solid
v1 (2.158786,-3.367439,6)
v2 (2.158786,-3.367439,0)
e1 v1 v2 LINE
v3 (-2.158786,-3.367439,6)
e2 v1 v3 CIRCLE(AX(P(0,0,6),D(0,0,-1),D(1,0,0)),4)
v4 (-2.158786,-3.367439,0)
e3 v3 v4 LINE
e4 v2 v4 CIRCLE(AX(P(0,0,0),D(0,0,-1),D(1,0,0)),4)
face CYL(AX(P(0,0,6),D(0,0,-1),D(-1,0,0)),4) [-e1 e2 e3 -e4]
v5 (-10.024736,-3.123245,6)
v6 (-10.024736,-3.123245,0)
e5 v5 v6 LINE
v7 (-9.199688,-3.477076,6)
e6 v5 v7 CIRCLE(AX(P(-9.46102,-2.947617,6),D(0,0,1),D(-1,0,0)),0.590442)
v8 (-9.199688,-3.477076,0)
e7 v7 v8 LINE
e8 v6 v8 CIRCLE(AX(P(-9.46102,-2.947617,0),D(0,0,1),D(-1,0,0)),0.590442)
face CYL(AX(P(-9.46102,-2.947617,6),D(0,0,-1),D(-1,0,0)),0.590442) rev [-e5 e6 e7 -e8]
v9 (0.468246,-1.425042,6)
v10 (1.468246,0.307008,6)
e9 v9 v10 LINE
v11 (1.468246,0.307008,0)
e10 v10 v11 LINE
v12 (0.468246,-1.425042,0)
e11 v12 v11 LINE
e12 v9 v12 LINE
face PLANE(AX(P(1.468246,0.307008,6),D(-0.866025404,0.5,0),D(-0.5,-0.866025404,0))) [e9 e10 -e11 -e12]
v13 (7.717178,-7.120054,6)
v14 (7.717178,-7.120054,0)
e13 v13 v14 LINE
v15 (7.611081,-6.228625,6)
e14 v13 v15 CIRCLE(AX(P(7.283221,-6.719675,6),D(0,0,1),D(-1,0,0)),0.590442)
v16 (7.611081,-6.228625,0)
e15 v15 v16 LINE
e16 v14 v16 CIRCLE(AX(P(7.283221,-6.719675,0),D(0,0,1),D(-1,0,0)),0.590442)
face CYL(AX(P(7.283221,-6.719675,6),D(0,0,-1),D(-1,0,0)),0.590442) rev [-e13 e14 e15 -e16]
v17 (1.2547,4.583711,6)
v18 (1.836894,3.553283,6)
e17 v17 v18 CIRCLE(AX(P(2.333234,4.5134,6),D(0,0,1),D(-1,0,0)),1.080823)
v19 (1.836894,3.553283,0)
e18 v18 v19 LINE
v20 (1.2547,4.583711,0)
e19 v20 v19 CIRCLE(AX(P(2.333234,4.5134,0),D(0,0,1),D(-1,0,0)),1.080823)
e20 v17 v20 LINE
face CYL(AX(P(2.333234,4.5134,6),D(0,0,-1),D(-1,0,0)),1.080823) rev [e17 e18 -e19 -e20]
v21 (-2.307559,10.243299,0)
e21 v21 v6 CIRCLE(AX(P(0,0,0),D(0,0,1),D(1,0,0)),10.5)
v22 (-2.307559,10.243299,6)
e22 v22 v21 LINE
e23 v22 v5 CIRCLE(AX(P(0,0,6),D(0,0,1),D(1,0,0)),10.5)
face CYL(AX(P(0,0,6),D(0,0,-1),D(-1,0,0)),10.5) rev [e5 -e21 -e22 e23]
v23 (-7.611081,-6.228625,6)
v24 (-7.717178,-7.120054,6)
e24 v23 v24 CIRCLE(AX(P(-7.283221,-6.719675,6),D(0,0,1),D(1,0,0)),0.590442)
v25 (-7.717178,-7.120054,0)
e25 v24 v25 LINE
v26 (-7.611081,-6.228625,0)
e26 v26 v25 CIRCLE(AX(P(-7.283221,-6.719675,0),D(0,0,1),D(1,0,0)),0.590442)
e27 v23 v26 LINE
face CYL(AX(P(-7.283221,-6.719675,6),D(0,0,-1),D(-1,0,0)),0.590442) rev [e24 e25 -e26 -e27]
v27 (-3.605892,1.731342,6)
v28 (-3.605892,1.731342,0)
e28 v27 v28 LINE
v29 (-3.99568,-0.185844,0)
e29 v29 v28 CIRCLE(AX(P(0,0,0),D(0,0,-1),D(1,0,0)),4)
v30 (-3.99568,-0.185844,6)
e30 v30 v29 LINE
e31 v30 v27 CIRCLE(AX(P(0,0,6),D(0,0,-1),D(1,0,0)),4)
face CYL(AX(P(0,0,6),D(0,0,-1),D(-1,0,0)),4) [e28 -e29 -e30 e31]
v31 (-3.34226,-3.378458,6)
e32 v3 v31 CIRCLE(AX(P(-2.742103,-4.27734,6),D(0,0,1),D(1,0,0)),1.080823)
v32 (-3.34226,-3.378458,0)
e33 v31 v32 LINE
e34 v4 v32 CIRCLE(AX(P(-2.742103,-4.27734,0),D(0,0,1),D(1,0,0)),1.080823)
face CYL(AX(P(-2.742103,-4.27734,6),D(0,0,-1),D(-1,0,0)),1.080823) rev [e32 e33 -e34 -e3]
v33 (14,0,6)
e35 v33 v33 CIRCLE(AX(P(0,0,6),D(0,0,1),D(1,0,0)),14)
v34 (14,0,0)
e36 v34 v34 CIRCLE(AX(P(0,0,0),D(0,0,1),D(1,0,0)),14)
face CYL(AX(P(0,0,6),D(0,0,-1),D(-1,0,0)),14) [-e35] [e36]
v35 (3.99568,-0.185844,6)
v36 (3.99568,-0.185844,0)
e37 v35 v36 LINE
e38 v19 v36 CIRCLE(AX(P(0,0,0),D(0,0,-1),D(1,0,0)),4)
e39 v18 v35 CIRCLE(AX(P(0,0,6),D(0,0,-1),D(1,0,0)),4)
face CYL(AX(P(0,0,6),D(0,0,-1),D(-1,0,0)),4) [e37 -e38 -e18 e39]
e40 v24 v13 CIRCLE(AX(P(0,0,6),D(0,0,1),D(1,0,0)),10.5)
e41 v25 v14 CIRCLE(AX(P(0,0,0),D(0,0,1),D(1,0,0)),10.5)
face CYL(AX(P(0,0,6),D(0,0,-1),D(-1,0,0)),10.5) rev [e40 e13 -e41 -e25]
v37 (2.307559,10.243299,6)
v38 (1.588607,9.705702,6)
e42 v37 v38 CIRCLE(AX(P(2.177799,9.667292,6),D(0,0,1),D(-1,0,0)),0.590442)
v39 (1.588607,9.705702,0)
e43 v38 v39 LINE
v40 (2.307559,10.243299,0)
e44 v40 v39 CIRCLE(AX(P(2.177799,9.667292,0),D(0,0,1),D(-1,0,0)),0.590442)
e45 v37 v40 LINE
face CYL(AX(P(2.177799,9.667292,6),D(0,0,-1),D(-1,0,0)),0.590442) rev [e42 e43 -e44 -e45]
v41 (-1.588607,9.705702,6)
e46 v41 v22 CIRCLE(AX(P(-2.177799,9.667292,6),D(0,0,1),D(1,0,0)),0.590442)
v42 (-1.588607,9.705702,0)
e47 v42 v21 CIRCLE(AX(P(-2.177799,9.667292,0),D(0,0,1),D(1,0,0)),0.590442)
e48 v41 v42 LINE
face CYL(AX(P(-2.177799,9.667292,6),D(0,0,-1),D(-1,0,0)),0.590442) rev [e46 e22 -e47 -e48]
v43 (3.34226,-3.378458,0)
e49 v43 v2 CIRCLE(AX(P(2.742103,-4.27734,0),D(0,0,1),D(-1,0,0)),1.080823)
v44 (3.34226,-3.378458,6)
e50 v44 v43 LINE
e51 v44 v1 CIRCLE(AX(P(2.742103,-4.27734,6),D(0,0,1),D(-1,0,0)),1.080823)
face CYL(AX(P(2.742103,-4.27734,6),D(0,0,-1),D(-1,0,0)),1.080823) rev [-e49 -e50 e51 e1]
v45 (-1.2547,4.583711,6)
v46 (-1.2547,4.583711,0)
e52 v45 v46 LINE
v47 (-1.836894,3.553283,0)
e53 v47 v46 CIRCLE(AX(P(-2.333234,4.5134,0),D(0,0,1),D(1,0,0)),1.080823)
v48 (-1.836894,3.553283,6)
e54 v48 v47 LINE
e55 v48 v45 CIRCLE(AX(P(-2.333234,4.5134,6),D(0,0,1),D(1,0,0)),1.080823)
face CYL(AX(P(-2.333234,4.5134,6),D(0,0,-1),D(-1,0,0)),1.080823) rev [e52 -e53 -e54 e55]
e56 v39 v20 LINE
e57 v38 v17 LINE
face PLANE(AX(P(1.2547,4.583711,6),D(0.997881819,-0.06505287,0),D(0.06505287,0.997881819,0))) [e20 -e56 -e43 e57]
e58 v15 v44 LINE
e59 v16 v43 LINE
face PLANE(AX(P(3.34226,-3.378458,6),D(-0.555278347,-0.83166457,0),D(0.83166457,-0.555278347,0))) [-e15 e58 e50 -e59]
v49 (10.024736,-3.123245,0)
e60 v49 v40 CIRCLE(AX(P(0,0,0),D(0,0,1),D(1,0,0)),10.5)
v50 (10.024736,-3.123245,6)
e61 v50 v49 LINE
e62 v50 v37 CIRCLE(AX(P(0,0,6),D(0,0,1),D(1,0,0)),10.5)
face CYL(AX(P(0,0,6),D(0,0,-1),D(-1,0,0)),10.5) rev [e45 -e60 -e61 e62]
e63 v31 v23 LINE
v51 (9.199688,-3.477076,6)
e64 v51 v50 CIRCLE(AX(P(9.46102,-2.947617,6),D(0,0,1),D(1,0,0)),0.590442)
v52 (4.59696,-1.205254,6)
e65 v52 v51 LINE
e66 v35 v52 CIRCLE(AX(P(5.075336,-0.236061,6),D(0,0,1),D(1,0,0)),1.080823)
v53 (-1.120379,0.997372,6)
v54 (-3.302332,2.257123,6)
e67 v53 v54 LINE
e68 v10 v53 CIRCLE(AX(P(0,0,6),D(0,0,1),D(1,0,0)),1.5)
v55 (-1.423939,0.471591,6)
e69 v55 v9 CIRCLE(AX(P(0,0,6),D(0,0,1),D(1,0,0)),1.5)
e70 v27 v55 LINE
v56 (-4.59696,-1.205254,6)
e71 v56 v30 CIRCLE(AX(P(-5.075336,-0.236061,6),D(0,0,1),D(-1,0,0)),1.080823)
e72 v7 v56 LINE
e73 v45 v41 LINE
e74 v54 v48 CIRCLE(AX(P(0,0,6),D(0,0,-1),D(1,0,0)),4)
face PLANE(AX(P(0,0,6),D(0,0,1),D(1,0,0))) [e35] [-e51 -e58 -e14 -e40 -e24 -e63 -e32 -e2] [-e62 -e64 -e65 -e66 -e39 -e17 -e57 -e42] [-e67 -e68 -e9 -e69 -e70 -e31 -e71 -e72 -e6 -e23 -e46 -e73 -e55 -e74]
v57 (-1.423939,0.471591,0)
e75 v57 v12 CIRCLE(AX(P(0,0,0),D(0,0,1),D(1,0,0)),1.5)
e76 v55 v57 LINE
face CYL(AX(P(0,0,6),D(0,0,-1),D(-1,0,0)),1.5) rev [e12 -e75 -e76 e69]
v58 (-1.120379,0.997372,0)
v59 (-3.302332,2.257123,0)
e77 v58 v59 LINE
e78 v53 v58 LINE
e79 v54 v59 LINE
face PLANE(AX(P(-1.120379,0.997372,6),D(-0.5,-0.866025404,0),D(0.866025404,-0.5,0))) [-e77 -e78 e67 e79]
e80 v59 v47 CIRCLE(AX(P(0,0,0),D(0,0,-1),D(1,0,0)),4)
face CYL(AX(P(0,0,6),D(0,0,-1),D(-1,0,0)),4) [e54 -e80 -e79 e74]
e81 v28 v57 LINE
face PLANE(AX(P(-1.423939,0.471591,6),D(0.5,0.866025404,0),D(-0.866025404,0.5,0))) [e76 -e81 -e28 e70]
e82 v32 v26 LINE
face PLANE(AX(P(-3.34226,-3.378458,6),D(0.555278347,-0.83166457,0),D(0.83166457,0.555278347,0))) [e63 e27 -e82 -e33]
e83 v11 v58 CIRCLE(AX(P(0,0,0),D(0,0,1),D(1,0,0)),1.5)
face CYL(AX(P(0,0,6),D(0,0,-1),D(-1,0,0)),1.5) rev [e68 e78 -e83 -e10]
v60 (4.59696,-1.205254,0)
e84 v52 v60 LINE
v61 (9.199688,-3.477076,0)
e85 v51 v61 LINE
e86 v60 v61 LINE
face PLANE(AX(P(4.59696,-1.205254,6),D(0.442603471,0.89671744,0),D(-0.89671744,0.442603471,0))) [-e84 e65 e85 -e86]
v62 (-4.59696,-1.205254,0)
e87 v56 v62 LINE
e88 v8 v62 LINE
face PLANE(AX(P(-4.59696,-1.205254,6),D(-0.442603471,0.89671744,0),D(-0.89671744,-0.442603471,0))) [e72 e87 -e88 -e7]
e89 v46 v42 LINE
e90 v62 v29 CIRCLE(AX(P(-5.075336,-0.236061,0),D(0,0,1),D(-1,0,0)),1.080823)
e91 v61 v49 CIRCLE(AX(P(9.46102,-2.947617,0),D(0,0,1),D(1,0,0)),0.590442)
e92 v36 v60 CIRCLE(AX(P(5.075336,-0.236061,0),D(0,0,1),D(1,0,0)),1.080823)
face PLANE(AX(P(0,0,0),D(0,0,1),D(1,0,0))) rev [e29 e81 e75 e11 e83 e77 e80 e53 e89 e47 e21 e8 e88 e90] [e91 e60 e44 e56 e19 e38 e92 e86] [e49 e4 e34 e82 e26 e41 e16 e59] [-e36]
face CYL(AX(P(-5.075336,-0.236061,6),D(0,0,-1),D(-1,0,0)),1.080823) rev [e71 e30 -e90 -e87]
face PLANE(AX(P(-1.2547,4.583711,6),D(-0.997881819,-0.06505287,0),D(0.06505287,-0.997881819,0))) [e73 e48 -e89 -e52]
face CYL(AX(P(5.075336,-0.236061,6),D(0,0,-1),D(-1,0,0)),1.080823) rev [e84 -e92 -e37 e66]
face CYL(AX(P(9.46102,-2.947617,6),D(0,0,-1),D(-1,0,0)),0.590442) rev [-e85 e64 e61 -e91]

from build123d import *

# Parameters (mm, degrees)
SKETCH_1_R      = 14
EXTRUDE_1_DEPTH = 6


with BuildPart() as part:
    # 草图1 → 凸台-拉伸1 (new body)
    with BuildSketch(Plane.XY):
        Circle(SKETCH_1_R)
        with BuildLine():
            Line((4.596960215, -1.205253518), (9.199687971, -3.477076493))
            ThreePointArc((9.199687971, -3.477076493), (9.69373922, -3.490261664), (10.024736471, -3.123244898))
            ThreePointArc((10.024736471, -3.123244898), (9.09326674, 5.25), (2.307558811, 10.243298899))
            ThreePointArc((2.307558811, 10.243298899), (1.824214343, 10.140155255), (1.588607412, 9.705701736))
            Line((1.588607412, 9.705701736), (1.254699943, 4.583711086))
            ThreePointArc((1.254699943, 4.583711086), (1.392222532, 3.981727051), (1.836894199, 3.553282947))
            ThreePointArc((1.836894199, 3.553282947), (3.464101615, 2), (3.995680398, -0.185844433))
            ThreePointArc((3.995680398, -0.185844433), (4.144388043, -0.785163445), (4.596960215, -1.205253518))
        make_face(mode=Mode.SUBTRACT)
        with BuildLine():
            Line((-1.254699943, 4.583711086), (-1.588607412, 9.705701736))
            ThreePointArc((-1.588607412, 9.705701736), (-1.824214343, 10.140155255), (-2.307558811, 10.243298899))
            ThreePointArc((-2.307558811, 10.243298899), (-9.09326674, 5.25), (-10.024736471, -3.123244898))
            ThreePointArc((-10.024736471, -3.123244898), (-9.69373922, -3.490261664), (-9.199687971, -3.477076493))
            Line((-9.199687971, -3.477076493), (-4.596960215, -1.205253518))
            ThreePointArc((-4.596960215, -1.205253518), (-4.144388043, -0.785163445), (-3.995680398, -0.185844433))
            ThreePointArc((-3.995680398, -0.185844433), (-3.919805533, 0.79694704), (-3.605891638, 1.731342108))
            Line((-3.605891638, 1.731342108), (-1.423938852, 0.471591079))
            ThreePointArc((-1.423938852, 0.471591079), (-1.061904855, -1.059414026), (0.468245837, -1.425042398))
            Line((0.468245837, -1.425042398), (1.468245837, 0.307008409))
            ThreePointArc((1.468245837, 0.307008409), (0.386527032, 1.449343594), (-1.120379281, 0.99737168))
            Line((-1.120379281, 0.99737168), (-3.302332067, 2.257122708))
            ThreePointArc((-3.302332067, 2.257122708), (-2.650079149, 2.996177649), (-1.836894199, 3.553282947))
            ThreePointArc((-1.836894199, 3.553282947), (-1.392222532, 3.981727051), (-1.254699943, 4.583711086))
        make_face(mode=Mode.SUBTRACT)
        with BuildLine():
            Line((3.342260273, -3.378457568), (7.611080559, -6.228625243))
            ThreePointArc((7.611080559, -6.228625243), (7.869524877, -6.649893591), (7.717177659, -7.120054001))
            ThreePointArc((7.717177659, -7.120054001), (0, -10.5), (-7.717177659, -7.120054001))
            ThreePointArc((-7.717177659, -7.120054001), (-7.869524877, -6.649893591), (-7.611080559, -6.228625243))
            Line((-7.611080559, -6.228625243), (-3.342260273, -3.378457568))
            ThreePointArc((-3.342260273, -3.378457568), (-2.752165511, -3.196563606), (-2.1587862, -3.367438514))
            ThreePointArc((-2.1587862, -3.367438514), (0, -4), (2.1587862, -3.367438514))
            ThreePointArc((2.1587862, -3.367438514), (2.752165511, -3.196563606), (3.342260273, -3.378457568))
        make_face(mode=Mode.SUBTRACT)
    extrude(amount=EXTRUDE_1_DEPTH)


solid = part.part
